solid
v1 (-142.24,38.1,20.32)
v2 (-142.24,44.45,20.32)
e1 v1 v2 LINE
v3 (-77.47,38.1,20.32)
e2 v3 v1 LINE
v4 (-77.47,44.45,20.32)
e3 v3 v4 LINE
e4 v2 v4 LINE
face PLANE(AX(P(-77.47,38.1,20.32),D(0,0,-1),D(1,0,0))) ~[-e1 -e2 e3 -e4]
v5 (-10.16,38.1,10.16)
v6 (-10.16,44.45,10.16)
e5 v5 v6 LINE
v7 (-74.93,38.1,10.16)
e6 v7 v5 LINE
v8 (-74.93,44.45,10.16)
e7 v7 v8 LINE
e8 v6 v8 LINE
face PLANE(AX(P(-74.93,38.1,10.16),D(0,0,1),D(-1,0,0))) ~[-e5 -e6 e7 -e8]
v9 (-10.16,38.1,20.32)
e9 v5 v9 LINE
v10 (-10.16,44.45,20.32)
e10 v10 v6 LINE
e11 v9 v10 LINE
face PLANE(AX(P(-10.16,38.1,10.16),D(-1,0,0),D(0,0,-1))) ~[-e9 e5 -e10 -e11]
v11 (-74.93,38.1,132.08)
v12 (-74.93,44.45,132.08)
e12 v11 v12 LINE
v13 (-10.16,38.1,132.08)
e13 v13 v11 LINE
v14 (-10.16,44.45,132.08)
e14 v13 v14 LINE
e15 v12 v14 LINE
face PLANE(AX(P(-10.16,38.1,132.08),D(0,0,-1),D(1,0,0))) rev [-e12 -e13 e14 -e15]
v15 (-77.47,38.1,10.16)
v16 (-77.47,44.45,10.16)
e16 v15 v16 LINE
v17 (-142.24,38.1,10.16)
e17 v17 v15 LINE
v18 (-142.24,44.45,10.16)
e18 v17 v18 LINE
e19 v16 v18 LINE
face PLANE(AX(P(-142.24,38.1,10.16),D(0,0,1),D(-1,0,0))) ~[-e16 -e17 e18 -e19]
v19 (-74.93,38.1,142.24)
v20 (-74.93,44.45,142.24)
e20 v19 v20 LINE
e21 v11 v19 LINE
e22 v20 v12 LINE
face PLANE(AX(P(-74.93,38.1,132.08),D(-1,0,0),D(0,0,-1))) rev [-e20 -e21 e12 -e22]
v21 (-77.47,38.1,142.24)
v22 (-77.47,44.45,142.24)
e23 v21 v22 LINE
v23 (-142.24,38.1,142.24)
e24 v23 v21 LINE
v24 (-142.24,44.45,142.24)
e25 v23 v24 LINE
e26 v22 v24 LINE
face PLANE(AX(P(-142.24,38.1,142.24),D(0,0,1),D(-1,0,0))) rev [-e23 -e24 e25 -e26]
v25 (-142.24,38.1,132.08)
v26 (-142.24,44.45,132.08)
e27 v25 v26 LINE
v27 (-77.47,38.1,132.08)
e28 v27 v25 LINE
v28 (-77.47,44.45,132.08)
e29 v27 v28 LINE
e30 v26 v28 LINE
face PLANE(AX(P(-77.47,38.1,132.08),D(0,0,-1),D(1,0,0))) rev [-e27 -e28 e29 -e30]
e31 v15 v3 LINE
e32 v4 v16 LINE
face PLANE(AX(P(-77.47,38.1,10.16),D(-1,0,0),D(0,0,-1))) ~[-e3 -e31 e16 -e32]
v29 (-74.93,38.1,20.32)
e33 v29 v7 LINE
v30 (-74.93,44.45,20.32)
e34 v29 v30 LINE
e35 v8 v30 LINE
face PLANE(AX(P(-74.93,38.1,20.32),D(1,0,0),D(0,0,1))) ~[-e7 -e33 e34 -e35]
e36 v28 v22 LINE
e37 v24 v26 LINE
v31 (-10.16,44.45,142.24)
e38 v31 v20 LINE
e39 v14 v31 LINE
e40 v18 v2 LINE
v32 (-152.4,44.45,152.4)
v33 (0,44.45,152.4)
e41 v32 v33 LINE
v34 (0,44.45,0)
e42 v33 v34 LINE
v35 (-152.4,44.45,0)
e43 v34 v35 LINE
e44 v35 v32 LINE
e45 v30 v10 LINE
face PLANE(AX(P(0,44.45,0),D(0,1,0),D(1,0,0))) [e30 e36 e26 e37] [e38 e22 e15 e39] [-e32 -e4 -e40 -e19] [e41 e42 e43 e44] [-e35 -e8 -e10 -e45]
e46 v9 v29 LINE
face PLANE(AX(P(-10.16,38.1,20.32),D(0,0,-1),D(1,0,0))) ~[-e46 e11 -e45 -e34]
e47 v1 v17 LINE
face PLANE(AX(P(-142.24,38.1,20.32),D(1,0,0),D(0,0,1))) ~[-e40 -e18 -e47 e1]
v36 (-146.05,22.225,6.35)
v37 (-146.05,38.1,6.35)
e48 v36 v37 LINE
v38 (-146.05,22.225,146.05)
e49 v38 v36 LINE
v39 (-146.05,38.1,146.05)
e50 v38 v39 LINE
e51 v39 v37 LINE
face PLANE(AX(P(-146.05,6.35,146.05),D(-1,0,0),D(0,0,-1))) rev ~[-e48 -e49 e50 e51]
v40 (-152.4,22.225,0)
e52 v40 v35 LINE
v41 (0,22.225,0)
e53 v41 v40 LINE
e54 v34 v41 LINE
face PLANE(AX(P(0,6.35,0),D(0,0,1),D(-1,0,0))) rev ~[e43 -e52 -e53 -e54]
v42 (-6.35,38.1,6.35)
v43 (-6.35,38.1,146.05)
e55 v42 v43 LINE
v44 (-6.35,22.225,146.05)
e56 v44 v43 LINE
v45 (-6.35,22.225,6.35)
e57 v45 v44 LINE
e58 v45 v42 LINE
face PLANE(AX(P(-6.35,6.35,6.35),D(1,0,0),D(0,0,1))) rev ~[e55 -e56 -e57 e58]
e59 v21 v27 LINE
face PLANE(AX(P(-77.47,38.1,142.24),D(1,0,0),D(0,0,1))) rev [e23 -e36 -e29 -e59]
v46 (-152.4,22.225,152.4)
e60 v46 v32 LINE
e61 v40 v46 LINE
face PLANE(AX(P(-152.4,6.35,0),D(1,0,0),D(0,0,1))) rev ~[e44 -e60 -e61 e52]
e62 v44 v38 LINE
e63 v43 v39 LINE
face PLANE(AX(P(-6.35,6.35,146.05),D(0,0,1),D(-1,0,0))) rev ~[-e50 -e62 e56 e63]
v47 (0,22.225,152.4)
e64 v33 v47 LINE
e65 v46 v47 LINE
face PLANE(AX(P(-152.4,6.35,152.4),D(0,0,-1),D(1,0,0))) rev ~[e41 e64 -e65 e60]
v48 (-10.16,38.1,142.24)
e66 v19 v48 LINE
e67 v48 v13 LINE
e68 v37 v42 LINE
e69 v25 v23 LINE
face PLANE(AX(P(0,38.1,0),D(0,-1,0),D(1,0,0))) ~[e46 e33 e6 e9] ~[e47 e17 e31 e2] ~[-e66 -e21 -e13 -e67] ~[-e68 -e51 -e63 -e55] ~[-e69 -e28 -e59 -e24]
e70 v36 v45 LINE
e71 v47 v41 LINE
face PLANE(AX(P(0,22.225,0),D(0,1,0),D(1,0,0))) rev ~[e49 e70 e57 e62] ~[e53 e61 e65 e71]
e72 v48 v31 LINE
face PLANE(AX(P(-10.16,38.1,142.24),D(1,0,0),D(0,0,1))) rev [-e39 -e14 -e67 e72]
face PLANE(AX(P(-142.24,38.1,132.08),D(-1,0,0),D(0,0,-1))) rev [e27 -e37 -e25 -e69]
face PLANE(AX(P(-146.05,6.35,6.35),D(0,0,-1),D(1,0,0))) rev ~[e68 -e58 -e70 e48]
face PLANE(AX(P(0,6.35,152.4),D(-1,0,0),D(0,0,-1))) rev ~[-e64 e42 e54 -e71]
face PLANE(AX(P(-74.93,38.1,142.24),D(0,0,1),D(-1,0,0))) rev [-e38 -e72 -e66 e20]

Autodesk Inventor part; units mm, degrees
ref_plane "YZ Plane" through (0, 0, 0) normal (1, 0, 0) x (0, 1, 0)
ref_plane "XZ Plane" through (0, 0, 0) normal (0, 1, 0) x (-1, 0, 0)
ref_plane "XY Plane" through (0, 0, 0) normal (0, 0, 1) x (1, 0, 0)
sketch "Sketch1" plane through (0, 0, 0) normal (0, 1, 0) x (-1, 0, 0)
  line L0 (0, 0) -> (152.4, 0)
  line L1 (152.4, 0) -> (152.4, 152.4)
  line L2 (152.4, 152.4) -> (0, 152.4)
  line L3 (0, 152.4) -> (0, 0)
  dimension "d0" = 152.4
  dimension "d1" = 152.4
extrude "Extrusion1" add sketch "Sketch1" along normal blind 6.35
sketch "Sketch2" plane through (0, 6.35, 0) normal (0, 1, 0) x (1, 0, 0)
  line L0 (-142.24, -142.24) -> (-77.47, -142.24)
  line L1 (-77.47, -142.24) -> (-77.47, -132.08)
  line L2 (-77.47, -132.08) -> (-142.24, -132.08)
  line L3 (-142.24, -132.08) -> (-142.24, -142.24)
  line L4 (-74.93, -142.24) -> (-10.16, -142.24)
  line L5 (-10.16, -142.24) -> (-10.16, -132.08)
  line L6 (-10.16, -132.08) -> (-74.93, -132.08)
  line L7 (-74.93, -132.08) -> (-74.93, -142.24)
  line L8 (-152.4, 0) -> (-152.4, -152.4) projected
  line L9 (-152.4, -152.4) -> (0, -152.4) projected
  line L10 (0, -152.4) -> (0, 0) projected
  line L11 (-152.4, -76.2) -> (0, -76.2) construction
  line L12 (-142.24, -10.16) -> (-77.47, -10.16)
  line L13 (-77.47, -10.16) -> (-77.47, -20.32)
  line L14 (-77.47, -20.32) -> (-142.24, -20.32)
  line L15 (-142.24, -20.32) -> (-142.24, -10.16)
  line L16 (-74.93, -10.16) -> (-10.16, -10.16)
  line L17 (-10.16, -10.16) -> (-10.16, -20.32)
  line L18 (-10.16, -20.32) -> (-74.93, -20.32)
  line L19 (-74.93, -20.32) -> (-74.93, -10.16)
  point P0 (-10.16, -137.16)
  point P1 (-10.16, -15.24)
  dimension "d4" = 10.16
  dimension "d5" = 10.16
  dimension "d6" = 10.16
  dimension "d7" = 64.77
  dimension "d8" = 64.77
  dimension "d9" = 10.16
  dimension "d10" = 10.16
  dimension "d11" = 10.16
extrude "Extrusion2" cut sketch "Sketch2" against normal through all
sketch "Sketch3" plane through (0, 6.35, 0) normal (0, 1, 0) x (1, 0, 0)
  line L0 (-77.47, -20.32) -> (-142.24, -20.32) projected
  line L1 (-142.24, -20.32) -> (-142.24, -10.16) projected
  line L2 (-142.24, -10.16) -> (-77.47, -10.16) projected
  line L3 (-77.47, -10.16) -> (-77.47, -20.32) projected
  line L4 (-74.93, -132.08) -> (-10.16, -132.08) projected
  line L5 (-10.16, -132.08) -> (-10.16, -142.24) projected
  line L6 (-10.16, -142.24) -> (-74.93, -142.24) projected
  line L7 (-74.93, -142.24) -> (-74.93, -132.08) projected
  line L8 (-10.16, -10.16) -> (-10.16, -20.32) projected
  line L9 (-10.16, -20.32) -> (-74.93, -20.32) projected
  line L10 (-74.93, -20.32) -> (-74.93, -10.16) projected
  line L11 (-74.93, -10.16) -> (-10.16, -10.16) projected
  line L12 (-142.24, -132.08) -> (-77.47, -132.08) projected
  line L13 (-77.47, -132.08) -> (-77.47, -142.24) projected
  line L14 (-77.47, -142.24) -> (-142.24, -142.24) projected
  line L15 (-142.24, -142.24) -> (-142.24, -132.08) projected
  line L16 (-152.4, 0) -> (-152.4, -152.4) projected
  line L17 (-152.4, -152.4) -> (0, -152.4) projected
  line L18 (0, -152.4) -> (0, 0) projected
  line L19 (0, 0) -> (-152.4, 0) projected
  line L20 (-146.05, -146.05) -> (-146.05, -6.35)
  line L21 (-146.05, -6.35) -> (-6.35, -6.35)
  line L22 (-6.35, -6.35) -> (-6.35, -146.05)
  line L23 (-6.35, -146.05) -> (-146.05, -146.05)
  dimension "d14" = 6.35
extrude "Extrusion3" add sketch "Sketch3" along normal blind 38.1 contours L19 L18 L17 L16
ref_plane "Work Plane1" through (0, 22.225, 0) normal (0, 1, 0) x (1, 0, 0)
mirror "Mirror1" about plane through (0, 22.225, 0) normal (0, 1, 0) of "Extrusion1", "Extrusion2"
sketch "Sketch5" plane through (0, 22.225, 0) normal (0, 1, 0) x (1, 0, 0)
  line L0 (-142.24, -10.16) -> (-77.47, -10.16) projected
  line L1 (-77.47, -10.16) -> (-77.47, -20.32) projected
  line L2 (-77.47, -20.32) -> (-142.24, -20.32) projected
  line L3 (-142.24, -20.32) -> (-142.24, -10.16) projected
  line L4 (-142.24, -142.24) -> (-142.24, -132.08) projected
  line L5 (-142.24, -132.08) -> (-77.47, -132.08) projected
  line L6 (-77.47, -132.08) -> (-77.47, -142.24) projected
  line L7 (-77.47, -142.24) -> (-142.24, -142.24) projected
  line L8 (-74.93, -20.32) -> (-74.93, -10.16) projected
  line L9 (-74.93, -10.16) -> (-10.16, -10.16) projected
  line L10 (-10.16, -10.16) -> (-10.16, -20.32) projected
  line L11 (-10.16, -20.32) -> (-74.93, -20.32) projected
  line L12 (-74.93, -142.24) -> (-74.93, -132.08) projected
  line L13 (-74.93, -132.08) -> (-10.16, -132.08) projected
  line L14 (-10.16, -132.08) -> (-10.16, -142.24) projected
  line L15 (-10.16, -142.24) -> (-74.93, -142.24) projected
  line L16 (-152.4, -152.4) -> (0, -152.4) projected
  line L17 (0, -152.4) -> (0, 0) projected
  line L18 (0, 0) -> (-152.4, 0) projected
  line L19 (-152.4, 0) -> (-152.4, -152.4) projected
extrude "Extrusion4" cut sketch "Sketch5" against normal through all contours L0 L1 L2 L3 | L4 L5 L6 L7 | L8 L9 L10 L11 | L12 L13 L14 L15 | L19 L18 L17 L16
equation "\"d8\" = d7"
equation "\"d9\" = d4"
equation "\"d10\" = d5"
equation "\"d11\" = d6"
properties part number "Bot v1 top"
